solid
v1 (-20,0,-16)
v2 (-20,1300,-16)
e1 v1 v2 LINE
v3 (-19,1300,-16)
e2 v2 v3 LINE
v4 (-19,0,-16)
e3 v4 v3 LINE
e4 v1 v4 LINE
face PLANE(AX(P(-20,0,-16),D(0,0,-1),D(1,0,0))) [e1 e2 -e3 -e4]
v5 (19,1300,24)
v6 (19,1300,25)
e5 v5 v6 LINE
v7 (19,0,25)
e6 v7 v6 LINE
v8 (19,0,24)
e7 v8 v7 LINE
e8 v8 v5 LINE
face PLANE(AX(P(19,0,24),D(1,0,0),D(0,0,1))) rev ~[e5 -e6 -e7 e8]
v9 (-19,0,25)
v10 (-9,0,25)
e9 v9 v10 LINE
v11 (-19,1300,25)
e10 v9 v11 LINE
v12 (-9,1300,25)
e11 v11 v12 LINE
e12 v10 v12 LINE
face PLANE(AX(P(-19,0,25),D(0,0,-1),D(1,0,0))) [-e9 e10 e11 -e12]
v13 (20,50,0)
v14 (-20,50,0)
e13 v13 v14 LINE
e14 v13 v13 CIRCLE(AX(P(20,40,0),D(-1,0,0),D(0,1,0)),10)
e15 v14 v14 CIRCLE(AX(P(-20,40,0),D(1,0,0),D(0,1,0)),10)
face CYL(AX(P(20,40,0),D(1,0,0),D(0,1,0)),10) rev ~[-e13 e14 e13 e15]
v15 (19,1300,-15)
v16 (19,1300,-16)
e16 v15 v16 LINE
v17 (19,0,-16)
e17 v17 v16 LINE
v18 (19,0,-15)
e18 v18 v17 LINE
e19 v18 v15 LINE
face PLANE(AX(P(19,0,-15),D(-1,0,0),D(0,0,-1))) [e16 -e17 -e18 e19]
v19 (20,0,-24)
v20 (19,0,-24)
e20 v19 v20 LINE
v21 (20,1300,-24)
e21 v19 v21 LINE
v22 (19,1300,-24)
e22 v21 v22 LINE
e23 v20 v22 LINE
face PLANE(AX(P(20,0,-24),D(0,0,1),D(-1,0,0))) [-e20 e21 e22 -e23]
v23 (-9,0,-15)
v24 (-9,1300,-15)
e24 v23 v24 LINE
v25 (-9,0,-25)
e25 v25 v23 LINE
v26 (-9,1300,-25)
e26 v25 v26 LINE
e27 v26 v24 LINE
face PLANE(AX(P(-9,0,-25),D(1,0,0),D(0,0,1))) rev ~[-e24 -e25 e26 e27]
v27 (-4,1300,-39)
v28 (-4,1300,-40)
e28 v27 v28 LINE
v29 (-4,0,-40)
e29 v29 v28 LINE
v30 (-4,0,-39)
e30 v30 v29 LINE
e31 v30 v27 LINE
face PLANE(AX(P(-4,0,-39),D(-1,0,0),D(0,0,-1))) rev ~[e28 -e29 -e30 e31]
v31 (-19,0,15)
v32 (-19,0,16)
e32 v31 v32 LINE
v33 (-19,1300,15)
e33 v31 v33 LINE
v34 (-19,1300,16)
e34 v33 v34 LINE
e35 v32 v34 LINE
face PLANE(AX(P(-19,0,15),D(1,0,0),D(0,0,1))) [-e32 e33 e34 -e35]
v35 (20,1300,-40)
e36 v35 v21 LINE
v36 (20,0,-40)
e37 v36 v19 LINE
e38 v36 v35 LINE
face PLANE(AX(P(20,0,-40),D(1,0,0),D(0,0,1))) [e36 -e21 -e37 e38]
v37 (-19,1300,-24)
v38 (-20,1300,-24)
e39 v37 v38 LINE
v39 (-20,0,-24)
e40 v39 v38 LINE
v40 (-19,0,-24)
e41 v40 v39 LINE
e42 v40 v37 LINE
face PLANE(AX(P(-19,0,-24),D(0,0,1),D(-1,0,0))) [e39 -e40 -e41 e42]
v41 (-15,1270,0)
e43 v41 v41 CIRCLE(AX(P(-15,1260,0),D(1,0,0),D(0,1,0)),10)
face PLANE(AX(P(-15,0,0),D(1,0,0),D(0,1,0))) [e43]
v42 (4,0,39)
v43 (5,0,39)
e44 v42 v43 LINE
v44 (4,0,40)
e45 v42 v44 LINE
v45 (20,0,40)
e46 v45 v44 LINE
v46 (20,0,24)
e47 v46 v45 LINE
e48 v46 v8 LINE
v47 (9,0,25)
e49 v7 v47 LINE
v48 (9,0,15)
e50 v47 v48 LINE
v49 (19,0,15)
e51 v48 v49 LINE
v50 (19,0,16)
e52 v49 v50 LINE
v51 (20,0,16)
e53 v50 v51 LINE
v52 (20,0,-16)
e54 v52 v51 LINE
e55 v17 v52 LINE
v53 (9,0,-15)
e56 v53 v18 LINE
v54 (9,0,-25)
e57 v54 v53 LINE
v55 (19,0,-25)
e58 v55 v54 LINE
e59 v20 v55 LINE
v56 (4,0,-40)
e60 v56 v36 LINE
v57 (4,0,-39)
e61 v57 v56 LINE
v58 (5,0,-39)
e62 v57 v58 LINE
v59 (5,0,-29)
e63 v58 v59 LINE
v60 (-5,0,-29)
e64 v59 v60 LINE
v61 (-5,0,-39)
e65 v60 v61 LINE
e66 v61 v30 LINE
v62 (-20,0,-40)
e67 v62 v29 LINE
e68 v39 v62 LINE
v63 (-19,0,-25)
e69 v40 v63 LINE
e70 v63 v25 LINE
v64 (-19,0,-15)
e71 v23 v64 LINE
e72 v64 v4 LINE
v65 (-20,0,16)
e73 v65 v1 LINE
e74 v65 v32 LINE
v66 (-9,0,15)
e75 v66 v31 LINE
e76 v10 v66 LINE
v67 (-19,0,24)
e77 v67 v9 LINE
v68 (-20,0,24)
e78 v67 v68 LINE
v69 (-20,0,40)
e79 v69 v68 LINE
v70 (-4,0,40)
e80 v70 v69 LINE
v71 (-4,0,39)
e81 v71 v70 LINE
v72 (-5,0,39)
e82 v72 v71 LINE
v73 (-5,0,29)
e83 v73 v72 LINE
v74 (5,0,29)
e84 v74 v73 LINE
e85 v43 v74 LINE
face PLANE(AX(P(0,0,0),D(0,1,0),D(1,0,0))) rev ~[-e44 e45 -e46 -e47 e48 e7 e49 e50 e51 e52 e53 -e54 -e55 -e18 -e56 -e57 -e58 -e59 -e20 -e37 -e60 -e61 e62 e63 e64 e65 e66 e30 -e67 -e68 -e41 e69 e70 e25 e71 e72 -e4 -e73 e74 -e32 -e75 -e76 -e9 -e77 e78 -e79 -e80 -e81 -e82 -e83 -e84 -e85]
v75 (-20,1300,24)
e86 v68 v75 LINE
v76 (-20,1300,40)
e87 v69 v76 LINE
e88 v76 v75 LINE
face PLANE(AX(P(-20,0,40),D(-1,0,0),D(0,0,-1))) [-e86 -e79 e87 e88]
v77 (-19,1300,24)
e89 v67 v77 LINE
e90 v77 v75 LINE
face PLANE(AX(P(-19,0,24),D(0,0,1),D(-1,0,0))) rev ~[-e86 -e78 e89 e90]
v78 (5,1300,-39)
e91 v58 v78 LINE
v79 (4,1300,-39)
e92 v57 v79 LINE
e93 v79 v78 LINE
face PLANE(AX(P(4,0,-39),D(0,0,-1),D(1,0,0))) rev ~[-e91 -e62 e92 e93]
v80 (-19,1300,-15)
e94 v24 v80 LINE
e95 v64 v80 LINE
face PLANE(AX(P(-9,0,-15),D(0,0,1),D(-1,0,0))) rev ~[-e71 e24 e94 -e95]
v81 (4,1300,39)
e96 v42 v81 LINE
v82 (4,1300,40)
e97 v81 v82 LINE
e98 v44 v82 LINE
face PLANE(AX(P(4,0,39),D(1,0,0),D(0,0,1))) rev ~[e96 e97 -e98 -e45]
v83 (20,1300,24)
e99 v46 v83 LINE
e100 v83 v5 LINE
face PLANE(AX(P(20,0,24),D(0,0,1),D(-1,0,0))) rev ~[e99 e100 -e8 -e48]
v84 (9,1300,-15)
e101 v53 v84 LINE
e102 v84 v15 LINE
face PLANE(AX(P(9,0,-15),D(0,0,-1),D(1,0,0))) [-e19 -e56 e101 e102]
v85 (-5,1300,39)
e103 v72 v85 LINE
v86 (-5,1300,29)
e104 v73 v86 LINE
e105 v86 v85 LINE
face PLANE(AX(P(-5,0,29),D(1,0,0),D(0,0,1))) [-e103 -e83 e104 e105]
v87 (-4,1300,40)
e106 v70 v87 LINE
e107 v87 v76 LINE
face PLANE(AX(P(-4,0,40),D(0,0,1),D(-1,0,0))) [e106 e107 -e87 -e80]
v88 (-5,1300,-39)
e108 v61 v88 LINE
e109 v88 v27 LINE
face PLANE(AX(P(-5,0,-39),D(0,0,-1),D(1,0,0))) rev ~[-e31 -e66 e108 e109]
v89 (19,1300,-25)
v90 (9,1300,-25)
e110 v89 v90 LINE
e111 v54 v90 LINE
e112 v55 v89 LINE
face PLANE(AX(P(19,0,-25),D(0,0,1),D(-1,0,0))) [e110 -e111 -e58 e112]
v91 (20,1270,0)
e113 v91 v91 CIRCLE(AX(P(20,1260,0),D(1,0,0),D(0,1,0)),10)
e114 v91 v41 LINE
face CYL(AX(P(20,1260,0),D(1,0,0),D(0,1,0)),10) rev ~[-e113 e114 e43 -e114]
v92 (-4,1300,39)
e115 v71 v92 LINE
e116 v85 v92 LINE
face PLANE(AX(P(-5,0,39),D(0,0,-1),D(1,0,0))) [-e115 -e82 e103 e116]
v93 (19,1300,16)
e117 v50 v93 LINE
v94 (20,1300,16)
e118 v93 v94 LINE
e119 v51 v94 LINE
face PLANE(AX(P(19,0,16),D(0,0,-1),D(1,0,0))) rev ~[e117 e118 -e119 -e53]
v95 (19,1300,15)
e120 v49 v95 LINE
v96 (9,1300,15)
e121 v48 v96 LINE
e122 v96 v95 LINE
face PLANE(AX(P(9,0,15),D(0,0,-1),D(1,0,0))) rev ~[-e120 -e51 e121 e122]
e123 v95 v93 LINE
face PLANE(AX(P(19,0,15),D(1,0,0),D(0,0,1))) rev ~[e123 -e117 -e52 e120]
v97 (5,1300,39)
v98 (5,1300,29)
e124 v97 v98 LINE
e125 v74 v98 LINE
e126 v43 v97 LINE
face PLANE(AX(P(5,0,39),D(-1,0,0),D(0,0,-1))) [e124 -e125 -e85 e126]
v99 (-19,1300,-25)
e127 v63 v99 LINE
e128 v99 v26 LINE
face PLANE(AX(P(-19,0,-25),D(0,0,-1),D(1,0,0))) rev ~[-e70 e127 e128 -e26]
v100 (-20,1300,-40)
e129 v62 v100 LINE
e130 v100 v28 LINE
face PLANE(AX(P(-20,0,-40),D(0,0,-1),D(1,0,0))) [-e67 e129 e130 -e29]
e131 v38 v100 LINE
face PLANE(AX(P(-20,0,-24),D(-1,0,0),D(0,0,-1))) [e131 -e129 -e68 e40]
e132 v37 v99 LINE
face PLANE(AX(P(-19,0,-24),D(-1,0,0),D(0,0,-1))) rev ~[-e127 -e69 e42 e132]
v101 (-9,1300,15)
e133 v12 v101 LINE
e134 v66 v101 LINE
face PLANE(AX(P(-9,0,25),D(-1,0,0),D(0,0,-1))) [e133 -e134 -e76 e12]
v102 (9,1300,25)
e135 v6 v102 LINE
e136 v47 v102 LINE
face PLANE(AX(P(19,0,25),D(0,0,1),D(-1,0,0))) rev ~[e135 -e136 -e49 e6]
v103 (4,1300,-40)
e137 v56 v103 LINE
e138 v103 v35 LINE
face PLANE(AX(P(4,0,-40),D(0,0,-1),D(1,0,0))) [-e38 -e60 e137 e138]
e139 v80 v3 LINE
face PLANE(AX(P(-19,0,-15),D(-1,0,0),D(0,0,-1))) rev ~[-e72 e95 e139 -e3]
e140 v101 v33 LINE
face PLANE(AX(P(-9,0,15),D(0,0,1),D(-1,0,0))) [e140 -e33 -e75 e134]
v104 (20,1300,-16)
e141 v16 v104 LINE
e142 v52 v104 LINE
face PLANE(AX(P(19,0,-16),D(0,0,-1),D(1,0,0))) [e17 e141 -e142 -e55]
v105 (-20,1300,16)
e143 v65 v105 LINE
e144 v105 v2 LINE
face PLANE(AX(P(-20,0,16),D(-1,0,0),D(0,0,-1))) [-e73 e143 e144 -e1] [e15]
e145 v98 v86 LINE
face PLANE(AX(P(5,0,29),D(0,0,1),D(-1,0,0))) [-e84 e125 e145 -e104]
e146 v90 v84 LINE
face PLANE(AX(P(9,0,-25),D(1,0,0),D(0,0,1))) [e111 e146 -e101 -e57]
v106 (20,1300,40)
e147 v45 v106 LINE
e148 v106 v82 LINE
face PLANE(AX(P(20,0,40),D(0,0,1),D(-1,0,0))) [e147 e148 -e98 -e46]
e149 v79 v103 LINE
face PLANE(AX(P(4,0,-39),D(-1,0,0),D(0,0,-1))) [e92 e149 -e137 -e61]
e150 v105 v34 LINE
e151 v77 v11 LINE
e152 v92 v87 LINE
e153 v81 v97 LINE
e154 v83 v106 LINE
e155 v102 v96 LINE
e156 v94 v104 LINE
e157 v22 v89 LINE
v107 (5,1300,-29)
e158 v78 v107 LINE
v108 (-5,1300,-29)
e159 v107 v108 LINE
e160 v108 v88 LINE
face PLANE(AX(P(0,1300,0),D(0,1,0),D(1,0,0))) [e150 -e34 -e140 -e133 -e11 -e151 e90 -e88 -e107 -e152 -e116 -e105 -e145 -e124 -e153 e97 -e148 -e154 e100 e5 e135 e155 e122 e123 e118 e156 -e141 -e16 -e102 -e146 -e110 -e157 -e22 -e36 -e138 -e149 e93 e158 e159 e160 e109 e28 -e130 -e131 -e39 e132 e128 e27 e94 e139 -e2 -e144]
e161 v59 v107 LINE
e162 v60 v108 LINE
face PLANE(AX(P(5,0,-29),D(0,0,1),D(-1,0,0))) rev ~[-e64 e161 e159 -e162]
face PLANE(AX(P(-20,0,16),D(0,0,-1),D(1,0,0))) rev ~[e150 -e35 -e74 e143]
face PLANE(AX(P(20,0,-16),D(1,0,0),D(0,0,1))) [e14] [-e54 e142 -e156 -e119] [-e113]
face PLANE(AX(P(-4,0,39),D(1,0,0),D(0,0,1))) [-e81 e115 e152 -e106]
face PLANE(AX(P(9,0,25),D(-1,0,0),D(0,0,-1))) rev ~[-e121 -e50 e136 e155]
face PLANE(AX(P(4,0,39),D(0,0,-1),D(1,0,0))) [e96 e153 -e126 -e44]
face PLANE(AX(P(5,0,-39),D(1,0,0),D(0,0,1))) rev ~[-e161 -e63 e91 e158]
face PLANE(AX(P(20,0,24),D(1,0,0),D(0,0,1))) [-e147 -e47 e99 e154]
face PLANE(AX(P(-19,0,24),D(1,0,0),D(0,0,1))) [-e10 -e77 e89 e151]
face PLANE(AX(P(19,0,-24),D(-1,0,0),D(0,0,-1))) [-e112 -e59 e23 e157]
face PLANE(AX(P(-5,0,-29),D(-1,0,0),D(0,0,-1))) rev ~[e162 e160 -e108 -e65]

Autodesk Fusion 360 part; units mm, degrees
sketch "Sketch1" plane through (0, 0, 0) normal (0, 1, 0) x (1, 0, 0)
  line L0 (20, -40) -> (-20, 40) construction
  line L1 (-20, -40) -> (20, 40) construction
  line L2 (5, 29) -> (-5, 29)
  line L3 (-5, 29) -> (-5, 39)
  line L4 (5, 39) -> (5, 29)
  line L5 (5, 29) -> (-5, 39) construction
  line L6 (-5, 29) -> (5, 39) construction
  line L7 (-4, 39) -> (-4, 40)
  line L8 (4, 39) -> (4, 40)
  line L9 (-19, 25) -> (-9, 25)
  line L10 (-9, 25) -> (-9, 15)
  line L11 (-9, 15) -> (-19, 15)
  line L12 (19, 25) -> (9, 25)
  line L13 (9, 25) -> (9, 15)
  line L14 (9, 15) -> (19, 15)
  line L15 (-20, 16) -> (-19, 16)
  line L16 (-19, 24) -> (-20, 24)
  line L17 (19, 16) -> (20, 16)
  line L18 (20, 24) -> (19, 24)
  line L19 (-20, 24) -> (-20, 40)
  line L20 (-19, 15) -> (-19, 16)
  line L21 (-19, 24) -> (-19, 25)
  line L22 (19, 15) -> (19, 16)
  line L23 (19, 24) -> (19, 25)
  line L24 (-20, 40) -> (-4, 40)
  line L25 (4, 40) -> (20, 40)
  line L26 (-5, 39) -> (-4, 39)
  line L27 (4, 39) -> (5, 39)
  line L28 (20, 40) -> (20, 24)
  line L29 (1.75, 0) -> (22.5, 0)
  line L30 (-19, -24) -> (-20, -24)
  line L31 (-19, -24) -> (-19, -25)
  line L32 (-19, -25) -> (-9, -25)
  line L33 (-20, -16) -> (-19, -16)
  line L34 (-19, -15) -> (-19, -16)
  line L35 (-9, -15) -> (-19, -15)
  line L36 (-9, -25) -> (-9, -15)
  line L37 (-4, -39) -> (-4, -40)
  line L38 (-5, -39) -> (-4, -39)
  line L39 (-5, -29) -> (-5, -39)
  line L40 (5, -29) -> (-5, -29)
  line L41 (5, -39) -> (5, -29)
  line L42 (4, -39) -> (5, -39)
  line L43 (4, -39) -> (4, -40)
  line L44 (20, -24) -> (19, -24)
  line L45 (19, -24) -> (19, -25)
  line L46 (19, -25) -> (9, -25)
  line L47 (9, -25) -> (9, -15)
  line L48 (9, -15) -> (19, -15)
  line L49 (19, -15) -> (19, -16)
  line L50 (19, -16) -> (20, -16)
  line L51 (-20, -40) -> (-20, -24)
  line L52 (-20, -16) -> (-20, 16)
  line L53 (20, 16) -> (20, -16)
  line L54 (20, -24) -> (20, -40)
  line L55 (20, -40) -> (4, -40)
  line L56 (-4, -40) -> (-20, -40)
  point P0 (0, 34)
  dimension "d20" = 40
  dimension "d21" = 80
  dimension "d22" = 10
  dimension "d23" = 10
  dimension "d24" = 20
  dimension "d25" = 16
  dimension "d26" = 16
  dimension "d27" = 1
  dimension "d28" = 15
  dimension "d29" = 15
  dimension "d30" = 10
  dimension "d31" = 10
  dimension "d32" = 10
  dimension "d33" = 10
  dimension "d34" = 16
  dimension "d35" = 8
  dimension "d36" = 1
  dimension "d37" = 16
  dimension "d38" = 8
  dimension "d39" = 1
extrude "Extrude1" add sketch "Sketch1" along normal blind 1300
sketch "Sketch2" plane through (20, 0, 0) normal (1, 0, 0) x (0, 1, 0)
  line L0 (0, 16) -> (0, -16)
  line L1 (0, -16) -> (1300, -16)
  line L2 (1300, -16) -> (1300, 16)
  line L3 (1300, 16) -> (0, 16)
  circle A0 centre (40, 0) radius 10
  circle A1 centre (1260, 0) radius 10
  dimension "d42" = 20
  dimension "d45" = 20
  dimension "d48" = 40
  dimension "d49" = 40
extrude "Extrude2" cut sketch "Sketch2" against normal blind 40 contours A0
extrude "Extrude3" cut sketch "Sketch2" against normal blind 35 contours A1
